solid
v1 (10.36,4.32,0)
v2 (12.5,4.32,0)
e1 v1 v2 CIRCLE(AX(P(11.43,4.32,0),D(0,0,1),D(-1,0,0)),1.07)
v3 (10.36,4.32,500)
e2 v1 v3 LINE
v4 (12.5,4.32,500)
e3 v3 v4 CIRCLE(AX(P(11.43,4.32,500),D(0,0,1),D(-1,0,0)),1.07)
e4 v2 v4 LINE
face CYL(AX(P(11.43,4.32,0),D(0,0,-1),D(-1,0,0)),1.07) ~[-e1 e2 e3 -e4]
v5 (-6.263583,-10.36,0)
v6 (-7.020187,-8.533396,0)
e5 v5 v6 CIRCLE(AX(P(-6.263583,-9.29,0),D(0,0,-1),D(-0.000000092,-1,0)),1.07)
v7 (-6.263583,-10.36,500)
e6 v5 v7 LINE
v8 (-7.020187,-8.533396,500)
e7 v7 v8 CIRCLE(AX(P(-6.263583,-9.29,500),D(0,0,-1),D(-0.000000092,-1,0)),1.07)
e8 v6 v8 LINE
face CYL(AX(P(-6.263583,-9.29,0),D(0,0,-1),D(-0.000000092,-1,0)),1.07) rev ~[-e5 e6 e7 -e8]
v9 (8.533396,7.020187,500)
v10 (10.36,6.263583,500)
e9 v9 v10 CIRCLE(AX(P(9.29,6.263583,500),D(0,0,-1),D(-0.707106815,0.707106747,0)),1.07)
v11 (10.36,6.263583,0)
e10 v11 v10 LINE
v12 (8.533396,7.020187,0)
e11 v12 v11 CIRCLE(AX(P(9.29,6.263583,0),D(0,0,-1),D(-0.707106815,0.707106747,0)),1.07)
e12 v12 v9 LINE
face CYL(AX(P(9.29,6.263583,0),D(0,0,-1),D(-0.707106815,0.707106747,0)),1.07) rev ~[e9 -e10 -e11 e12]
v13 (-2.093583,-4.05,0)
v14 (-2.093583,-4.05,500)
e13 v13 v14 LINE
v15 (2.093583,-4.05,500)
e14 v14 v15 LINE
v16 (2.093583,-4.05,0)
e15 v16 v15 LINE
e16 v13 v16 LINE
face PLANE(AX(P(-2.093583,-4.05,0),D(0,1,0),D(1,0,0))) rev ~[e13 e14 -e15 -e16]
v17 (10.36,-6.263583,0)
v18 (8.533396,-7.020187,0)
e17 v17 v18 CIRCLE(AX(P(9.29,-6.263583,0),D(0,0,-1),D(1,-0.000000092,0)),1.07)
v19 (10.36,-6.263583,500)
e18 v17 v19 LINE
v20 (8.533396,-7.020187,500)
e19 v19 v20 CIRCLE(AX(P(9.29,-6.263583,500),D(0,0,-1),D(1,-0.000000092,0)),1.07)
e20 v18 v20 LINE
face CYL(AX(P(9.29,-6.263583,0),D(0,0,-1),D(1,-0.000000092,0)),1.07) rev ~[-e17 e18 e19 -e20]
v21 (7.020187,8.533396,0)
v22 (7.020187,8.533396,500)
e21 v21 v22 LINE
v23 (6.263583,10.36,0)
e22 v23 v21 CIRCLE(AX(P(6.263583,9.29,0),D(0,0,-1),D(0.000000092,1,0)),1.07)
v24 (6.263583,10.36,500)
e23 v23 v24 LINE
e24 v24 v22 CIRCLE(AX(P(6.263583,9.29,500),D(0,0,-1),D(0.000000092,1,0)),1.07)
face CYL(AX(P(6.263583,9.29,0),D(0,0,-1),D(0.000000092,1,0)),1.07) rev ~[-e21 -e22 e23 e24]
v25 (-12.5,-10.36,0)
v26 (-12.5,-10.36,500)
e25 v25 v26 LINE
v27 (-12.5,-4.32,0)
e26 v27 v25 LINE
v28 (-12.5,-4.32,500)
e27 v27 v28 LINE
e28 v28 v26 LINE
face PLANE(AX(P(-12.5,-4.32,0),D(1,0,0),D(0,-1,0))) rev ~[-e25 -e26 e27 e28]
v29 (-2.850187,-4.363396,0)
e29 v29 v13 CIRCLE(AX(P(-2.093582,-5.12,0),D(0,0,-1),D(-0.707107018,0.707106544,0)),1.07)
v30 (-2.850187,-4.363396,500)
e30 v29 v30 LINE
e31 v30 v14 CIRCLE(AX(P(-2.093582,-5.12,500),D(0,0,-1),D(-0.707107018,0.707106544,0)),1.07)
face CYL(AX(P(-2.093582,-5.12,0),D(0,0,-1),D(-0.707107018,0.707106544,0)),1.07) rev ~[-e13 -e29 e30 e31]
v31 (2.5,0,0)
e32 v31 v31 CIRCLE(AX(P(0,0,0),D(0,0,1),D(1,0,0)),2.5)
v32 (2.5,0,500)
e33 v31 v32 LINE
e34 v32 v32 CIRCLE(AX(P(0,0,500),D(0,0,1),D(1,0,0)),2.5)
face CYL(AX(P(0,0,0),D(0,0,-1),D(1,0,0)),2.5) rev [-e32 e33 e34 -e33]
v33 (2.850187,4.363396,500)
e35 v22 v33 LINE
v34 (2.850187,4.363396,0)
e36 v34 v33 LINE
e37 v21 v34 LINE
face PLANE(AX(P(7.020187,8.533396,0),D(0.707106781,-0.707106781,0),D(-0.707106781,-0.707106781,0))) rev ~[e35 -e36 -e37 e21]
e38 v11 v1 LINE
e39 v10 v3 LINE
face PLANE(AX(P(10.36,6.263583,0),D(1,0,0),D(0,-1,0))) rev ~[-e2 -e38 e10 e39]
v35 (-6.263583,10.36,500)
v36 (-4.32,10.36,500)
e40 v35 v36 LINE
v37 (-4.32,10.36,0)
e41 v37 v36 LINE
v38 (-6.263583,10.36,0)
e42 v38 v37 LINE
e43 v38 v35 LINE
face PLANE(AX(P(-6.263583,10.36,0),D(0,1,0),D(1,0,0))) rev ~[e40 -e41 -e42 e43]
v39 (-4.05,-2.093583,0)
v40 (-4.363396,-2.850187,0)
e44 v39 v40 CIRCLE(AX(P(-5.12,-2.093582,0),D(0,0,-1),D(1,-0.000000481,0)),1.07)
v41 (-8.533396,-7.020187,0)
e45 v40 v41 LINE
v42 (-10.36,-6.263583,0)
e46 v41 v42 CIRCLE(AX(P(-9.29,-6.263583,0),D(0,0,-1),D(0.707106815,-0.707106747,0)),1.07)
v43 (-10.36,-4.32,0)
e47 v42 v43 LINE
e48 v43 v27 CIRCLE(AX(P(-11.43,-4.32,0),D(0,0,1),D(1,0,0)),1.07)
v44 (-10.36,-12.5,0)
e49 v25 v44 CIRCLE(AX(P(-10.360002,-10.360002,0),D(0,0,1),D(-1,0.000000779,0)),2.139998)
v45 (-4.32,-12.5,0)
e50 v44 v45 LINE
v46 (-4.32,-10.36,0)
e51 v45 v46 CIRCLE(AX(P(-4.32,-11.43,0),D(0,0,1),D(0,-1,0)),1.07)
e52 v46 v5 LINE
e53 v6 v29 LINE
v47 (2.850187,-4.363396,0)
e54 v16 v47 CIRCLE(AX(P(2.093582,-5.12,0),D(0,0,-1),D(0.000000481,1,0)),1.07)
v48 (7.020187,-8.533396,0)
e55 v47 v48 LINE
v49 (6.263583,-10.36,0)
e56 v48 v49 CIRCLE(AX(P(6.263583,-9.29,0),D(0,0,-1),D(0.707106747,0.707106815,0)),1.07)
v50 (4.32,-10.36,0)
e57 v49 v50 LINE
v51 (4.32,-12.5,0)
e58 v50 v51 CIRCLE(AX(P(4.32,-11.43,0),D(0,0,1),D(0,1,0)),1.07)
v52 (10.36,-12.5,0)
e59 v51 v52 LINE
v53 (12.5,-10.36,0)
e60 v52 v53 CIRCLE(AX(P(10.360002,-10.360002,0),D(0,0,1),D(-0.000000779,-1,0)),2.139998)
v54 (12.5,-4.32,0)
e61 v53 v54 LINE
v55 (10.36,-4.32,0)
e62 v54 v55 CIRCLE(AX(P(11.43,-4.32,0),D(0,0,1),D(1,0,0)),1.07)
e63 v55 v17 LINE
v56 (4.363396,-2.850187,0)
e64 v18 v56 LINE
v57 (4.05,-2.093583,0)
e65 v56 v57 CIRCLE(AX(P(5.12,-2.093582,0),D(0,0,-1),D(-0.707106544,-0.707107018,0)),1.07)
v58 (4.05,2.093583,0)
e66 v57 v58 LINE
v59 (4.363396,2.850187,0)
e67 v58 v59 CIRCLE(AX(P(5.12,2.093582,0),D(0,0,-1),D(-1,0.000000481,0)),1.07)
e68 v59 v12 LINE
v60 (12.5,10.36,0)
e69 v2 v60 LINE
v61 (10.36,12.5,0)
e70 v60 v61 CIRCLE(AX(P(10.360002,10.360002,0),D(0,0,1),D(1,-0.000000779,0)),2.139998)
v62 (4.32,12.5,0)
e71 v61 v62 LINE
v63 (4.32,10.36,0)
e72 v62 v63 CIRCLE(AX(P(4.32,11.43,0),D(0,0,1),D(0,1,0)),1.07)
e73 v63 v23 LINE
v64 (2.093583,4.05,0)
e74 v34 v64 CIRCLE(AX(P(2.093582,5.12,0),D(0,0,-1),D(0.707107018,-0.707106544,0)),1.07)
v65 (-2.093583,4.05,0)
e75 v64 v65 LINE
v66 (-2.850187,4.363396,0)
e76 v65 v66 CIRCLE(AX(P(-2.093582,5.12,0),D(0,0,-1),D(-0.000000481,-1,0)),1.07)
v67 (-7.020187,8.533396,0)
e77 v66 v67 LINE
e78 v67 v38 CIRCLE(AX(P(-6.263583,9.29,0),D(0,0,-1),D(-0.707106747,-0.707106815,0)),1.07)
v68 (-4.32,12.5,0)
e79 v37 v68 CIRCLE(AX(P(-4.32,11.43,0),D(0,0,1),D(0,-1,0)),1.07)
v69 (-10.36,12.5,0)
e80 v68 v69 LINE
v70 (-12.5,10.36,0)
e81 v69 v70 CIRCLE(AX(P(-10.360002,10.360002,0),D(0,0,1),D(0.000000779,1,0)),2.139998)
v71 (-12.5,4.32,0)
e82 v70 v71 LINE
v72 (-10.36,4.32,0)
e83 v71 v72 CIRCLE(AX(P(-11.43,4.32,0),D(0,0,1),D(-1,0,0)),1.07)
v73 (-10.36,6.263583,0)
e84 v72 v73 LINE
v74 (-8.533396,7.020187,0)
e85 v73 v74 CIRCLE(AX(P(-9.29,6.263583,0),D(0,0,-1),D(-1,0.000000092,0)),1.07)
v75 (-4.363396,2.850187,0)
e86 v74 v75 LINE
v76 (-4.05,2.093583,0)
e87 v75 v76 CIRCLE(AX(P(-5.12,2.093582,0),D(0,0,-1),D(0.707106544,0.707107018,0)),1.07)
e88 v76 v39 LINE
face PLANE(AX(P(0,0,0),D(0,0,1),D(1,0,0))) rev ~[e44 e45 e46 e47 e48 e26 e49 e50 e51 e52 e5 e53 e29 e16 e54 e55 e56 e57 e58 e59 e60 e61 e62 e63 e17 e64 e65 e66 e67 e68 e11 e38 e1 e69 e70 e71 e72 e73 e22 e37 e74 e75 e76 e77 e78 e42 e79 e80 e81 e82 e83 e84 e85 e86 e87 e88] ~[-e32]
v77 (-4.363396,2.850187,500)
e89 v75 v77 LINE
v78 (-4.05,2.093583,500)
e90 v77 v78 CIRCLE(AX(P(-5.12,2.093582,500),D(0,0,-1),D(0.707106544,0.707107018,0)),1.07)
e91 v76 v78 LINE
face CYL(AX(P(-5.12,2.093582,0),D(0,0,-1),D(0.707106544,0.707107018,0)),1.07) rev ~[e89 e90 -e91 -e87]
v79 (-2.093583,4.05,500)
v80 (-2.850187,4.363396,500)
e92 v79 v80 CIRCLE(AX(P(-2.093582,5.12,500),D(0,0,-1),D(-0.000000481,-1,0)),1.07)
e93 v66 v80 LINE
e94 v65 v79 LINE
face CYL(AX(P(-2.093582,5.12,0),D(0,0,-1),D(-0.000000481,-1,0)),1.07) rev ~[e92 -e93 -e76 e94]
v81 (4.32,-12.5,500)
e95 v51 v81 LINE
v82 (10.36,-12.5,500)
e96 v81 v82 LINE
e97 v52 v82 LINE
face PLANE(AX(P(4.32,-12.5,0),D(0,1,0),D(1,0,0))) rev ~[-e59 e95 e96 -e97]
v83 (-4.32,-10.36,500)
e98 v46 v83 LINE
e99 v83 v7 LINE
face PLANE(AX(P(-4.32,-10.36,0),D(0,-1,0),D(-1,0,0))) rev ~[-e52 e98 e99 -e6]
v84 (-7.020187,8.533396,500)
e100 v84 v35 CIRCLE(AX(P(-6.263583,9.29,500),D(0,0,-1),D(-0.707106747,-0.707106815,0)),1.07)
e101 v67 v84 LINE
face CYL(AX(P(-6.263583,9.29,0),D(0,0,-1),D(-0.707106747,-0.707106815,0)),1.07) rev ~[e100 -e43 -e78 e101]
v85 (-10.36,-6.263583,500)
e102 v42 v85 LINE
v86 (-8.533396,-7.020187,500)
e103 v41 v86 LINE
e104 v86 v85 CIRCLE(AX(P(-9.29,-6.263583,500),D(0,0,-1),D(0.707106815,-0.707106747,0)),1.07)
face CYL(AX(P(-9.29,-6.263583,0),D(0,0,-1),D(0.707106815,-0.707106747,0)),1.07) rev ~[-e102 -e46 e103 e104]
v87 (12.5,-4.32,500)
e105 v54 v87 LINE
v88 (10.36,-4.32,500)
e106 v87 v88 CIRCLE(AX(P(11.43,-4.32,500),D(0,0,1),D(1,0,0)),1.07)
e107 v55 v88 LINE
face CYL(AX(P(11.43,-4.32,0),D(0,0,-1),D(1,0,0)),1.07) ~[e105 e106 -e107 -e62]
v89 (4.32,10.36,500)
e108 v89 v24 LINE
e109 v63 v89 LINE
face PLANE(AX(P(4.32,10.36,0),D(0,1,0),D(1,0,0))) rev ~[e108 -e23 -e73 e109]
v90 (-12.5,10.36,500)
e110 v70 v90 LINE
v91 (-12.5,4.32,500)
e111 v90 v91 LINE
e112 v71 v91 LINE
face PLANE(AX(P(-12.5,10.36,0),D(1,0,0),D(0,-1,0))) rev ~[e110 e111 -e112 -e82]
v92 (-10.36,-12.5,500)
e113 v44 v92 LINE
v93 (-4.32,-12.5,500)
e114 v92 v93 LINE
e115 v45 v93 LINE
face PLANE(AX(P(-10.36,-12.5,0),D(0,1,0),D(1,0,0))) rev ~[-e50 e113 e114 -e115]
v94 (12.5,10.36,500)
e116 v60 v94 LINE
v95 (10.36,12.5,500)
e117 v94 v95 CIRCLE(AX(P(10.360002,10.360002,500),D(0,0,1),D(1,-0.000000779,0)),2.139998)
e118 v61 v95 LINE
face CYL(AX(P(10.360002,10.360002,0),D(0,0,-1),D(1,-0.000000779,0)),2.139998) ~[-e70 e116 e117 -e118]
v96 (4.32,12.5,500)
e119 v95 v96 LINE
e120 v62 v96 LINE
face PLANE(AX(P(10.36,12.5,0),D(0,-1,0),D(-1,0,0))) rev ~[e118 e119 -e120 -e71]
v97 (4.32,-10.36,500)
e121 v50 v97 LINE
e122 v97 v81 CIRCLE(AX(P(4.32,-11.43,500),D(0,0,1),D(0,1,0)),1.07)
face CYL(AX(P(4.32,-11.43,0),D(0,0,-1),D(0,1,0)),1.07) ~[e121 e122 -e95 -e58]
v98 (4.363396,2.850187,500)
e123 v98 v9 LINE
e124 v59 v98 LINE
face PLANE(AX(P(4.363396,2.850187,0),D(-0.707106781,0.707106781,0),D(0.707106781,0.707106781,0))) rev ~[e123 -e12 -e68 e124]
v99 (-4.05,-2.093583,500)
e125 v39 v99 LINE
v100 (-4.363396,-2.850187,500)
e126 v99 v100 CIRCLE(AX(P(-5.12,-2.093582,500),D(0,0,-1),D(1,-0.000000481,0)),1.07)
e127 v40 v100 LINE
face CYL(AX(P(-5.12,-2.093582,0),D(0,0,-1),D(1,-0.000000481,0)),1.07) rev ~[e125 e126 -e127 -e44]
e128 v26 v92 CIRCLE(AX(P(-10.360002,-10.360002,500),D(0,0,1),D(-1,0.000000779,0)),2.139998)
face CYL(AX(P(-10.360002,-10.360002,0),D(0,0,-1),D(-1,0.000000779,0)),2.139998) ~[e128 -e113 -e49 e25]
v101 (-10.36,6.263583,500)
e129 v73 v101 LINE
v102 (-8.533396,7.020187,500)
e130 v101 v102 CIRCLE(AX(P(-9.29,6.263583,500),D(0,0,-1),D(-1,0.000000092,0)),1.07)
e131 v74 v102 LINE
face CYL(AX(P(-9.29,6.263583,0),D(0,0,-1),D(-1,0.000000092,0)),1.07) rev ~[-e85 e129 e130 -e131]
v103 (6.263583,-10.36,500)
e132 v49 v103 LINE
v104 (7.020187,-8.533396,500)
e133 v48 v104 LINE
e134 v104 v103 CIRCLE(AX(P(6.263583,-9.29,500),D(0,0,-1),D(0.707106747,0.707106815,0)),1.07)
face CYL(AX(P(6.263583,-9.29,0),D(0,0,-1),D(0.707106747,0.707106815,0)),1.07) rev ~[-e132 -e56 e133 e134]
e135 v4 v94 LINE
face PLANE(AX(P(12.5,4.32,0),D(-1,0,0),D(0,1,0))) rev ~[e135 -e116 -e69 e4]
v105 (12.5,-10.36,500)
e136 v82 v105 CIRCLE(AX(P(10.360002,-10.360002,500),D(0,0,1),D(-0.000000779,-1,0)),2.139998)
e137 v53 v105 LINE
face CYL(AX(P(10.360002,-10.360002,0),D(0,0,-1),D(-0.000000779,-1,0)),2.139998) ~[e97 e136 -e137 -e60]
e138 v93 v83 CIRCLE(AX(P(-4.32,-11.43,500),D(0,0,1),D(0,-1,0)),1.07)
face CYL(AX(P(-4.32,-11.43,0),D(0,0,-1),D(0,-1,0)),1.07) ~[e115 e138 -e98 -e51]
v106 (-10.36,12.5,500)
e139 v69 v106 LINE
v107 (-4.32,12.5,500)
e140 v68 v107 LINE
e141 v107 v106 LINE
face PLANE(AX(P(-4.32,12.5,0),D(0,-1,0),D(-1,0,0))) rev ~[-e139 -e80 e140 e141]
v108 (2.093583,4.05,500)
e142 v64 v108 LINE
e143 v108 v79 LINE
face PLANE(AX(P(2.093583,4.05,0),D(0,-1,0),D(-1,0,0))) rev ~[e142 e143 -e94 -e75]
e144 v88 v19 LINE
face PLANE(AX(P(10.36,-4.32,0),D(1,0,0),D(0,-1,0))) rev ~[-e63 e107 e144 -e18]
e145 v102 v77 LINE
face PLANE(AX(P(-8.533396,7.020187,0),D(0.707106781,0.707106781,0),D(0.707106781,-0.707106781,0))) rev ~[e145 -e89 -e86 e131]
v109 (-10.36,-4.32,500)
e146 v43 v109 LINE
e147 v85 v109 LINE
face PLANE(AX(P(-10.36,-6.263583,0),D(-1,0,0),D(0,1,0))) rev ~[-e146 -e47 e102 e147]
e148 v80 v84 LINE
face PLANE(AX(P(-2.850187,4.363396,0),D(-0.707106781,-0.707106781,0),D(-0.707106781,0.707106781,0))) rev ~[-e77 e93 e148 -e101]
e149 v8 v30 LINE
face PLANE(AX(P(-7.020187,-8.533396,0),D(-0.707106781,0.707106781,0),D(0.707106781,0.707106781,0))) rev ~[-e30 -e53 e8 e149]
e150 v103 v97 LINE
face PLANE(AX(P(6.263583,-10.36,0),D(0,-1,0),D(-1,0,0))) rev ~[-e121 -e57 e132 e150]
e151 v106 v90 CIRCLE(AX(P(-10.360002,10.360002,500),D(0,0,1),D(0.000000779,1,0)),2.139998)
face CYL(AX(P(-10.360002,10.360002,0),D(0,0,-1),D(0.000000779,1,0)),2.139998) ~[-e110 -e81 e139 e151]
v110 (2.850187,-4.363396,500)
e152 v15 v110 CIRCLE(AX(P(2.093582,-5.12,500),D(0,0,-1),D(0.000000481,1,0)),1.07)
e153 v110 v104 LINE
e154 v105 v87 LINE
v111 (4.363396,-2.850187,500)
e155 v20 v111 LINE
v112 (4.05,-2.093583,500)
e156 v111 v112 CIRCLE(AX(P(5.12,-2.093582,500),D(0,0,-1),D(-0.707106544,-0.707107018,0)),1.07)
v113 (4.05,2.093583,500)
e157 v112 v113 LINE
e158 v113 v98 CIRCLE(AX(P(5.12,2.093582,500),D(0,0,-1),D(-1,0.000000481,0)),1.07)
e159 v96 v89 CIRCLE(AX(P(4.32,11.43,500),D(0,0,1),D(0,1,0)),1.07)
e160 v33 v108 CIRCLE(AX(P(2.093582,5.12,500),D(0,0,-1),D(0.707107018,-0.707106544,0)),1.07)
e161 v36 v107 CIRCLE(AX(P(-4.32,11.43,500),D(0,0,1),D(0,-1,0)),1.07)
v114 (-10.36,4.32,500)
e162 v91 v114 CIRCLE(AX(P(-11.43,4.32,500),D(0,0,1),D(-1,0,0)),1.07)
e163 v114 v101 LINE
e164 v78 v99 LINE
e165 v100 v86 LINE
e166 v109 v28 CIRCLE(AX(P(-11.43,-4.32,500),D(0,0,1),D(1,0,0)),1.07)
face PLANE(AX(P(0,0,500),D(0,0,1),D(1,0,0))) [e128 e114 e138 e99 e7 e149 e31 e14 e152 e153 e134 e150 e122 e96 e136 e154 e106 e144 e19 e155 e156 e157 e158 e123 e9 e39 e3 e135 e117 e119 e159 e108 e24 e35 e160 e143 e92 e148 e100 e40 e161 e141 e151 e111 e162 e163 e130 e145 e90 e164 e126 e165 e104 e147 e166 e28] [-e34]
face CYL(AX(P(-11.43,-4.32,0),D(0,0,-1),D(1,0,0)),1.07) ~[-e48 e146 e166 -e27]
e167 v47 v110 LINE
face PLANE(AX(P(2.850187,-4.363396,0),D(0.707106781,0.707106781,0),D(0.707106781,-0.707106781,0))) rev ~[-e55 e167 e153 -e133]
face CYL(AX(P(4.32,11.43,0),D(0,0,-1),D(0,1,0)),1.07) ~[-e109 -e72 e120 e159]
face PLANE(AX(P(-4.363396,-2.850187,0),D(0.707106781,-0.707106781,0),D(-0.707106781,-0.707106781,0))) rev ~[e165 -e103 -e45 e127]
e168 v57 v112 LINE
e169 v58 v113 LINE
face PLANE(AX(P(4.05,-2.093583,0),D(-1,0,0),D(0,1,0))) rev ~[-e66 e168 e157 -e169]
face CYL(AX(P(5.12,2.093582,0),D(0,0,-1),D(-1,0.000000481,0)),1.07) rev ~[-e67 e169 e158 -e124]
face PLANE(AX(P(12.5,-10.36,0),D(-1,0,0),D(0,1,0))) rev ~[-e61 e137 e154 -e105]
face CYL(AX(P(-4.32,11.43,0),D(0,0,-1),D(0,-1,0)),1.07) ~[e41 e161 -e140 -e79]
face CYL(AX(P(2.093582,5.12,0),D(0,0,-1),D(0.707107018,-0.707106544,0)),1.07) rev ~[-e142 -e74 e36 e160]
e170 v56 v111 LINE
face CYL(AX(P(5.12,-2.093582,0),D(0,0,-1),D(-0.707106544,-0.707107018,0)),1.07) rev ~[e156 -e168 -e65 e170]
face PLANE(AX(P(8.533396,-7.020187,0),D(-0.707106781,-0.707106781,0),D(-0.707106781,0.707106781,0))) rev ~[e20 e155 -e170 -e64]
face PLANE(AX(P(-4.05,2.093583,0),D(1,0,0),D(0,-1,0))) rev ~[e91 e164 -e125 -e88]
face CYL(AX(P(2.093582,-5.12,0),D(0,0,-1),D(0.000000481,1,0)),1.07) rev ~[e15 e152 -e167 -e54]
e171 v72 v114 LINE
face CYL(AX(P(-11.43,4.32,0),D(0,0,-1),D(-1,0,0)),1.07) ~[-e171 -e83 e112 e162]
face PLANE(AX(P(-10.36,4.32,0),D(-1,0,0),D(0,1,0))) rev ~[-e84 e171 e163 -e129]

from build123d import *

# Parameters (mm, degrees)
F0_R     = 2.5
F1_DEPTH = 500


with BuildPart() as f1:
    # F0 (on Top) → F1 (new body)
    with BuildSketch(Plane.XY):
        with BuildLine():
            ThreePointArc((-10.36, 12.5), (-11.873209, 11.873209), (-12.5, 10.36))
            Line((-12.5, 10.36), (-12.5, 4.32))
            ThreePointArc((-12.5, 4.32), (-11.43, 3.25), (-10.36, 4.32))
            Line((-10.36, 4.32), (-10.36, 6.263583))
            ThreePointArc((-10.36, 6.263583), (-9.699471, 7.252134), (-8.533396, 7.020187))
            Line((-8.533396, 7.020187), (-4.363396, 2.850187))
            ThreePointArc((-4.363396, 2.850187), (-4.131449, 2.503054), (-4.05, 2.093583))
            Line((-4.05, 2.093583), (-4.05, 0))
            Line((-4.05, 0), (-4.05, -2.093583))
            ThreePointArc((-4.05, -2.093583), (-4.131449, -2.503054), (-4.363396, -2.850187))
            Line((-4.363396, -2.850187), (-8.533396, -7.020187))
            ThreePointArc((-8.533396, -7.020187), (-9.699471, -7.252134), (-10.36, -6.263583))
            Line((-10.36, -6.263583), (-10.36, -4.32))
            ThreePointArc((-10.36, -4.32), (-11.43, -3.25), (-12.5, -4.32))
            Line((-12.5, -4.32), (-12.5, -10.36))
            ThreePointArc((-12.5, -10.36), (-11.873209, -11.873209), (-10.36, -12.5))
            Line((-10.36, -12.5), (-4.32, -12.5))
            ThreePointArc((-4.32, -12.5), (-3.25, -11.43), (-4.32, -10.36))
            Line((-4.32, -10.36), (-6.263583, -10.36))
            ThreePointArc((-6.263583, -10.36), (-7.252134, -9.699471), (-7.020187, -8.533396))
            Line((-7.020187, -8.533396), (-2.850187, -4.363396))
            ThreePointArc((-2.850187, -4.363396), (-2.503054, -4.131449), (-2.093583, -4.05))
            Line((-2.093583, -4.05), (0, -4.05))
            Line((0, -4.05), (2.093583, -4.05))
            ThreePointArc((2.093583, -4.05), (2.503054, -4.131449), (2.850187, -4.363396))
            Line((2.850187, -4.363396), (7.020187, -8.533396))
            ThreePointArc((7.020187, -8.533396), (7.252134, -9.699471), (6.263583, -10.36))
            Line((6.263583, -10.36), (4.32, -10.36))
            ThreePointArc((4.32, -10.36), (3.25, -11.43), (4.32, -12.5))
            Line((4.32, -12.5), (10.36, -12.5))
            ThreePointArc((10.36, -12.5), (11.873209, -11.873209), (12.5, -10.36))
            Line((12.5, -10.36), (12.5, -4.32))
            ThreePointArc((12.5, -4.32), (11.43, -3.25), (10.36, -4.32))
            Line((10.36, -4.32), (10.36, -6.263583))
            ThreePointArc((10.36, -6.263583), (9.699471, -7.252134), (8.533396, -7.020187))
            Line((8.533396, -7.020187), (4.363396, -2.850187))
            ThreePointArc((4.363396, -2.850187), (4.131449, -2.503054), (4.05, -2.093583))
            Line((4.05, -2.093583), (4.05, 0))
            Line((4.05, 0), (4.05, 2.093583))
            ThreePointArc((4.05, 2.093583), (4.131449, 2.503054), (4.363396, 2.850187))
            Line((4.363396, 2.850187), (8.533396, 7.020187))
            ThreePointArc((8.533396, 7.020187), (9.699471, 7.252134), (10.36, 6.263583))
            Line((10.36, 6.263583), (10.36, 4.32))
            ThreePointArc((10.36, 4.32), (11.43, 3.25), (12.5, 4.32))
            Line((12.5, 4.32), (12.5, 10.36))
            ThreePointArc((12.5, 10.36), (11.873209, 11.873209), (10.36, 12.5))
            Line((10.36, 12.5), (4.32, 12.5))
            ThreePointArc((4.32, 12.5), (3.25, 11.43), (4.32, 10.36))
            Line((4.32, 10.36), (6.263583, 10.36))
            ThreePointArc((6.263583, 10.36), (7.252134, 9.699471), (7.020187, 8.533396))
            Line((7.020187, 8.533396), (2.850187, 4.363396))
            ThreePointArc((2.850187, 4.363396), (2.503054, 4.131449), (2.093583, 4.05))
            Line((2.093583, 4.05), (0, 4.05))
            Line((0, 4.05), (-2.093583, 4.05))
            ThreePointArc((-2.093583, 4.05), (-2.503054, 4.131449), (-2.850187, 4.363396))
            Line((-2.850187, 4.363396), (-7.020187, 8.533396))
            ThreePointArc((-7.020187, 8.533396), (-7.252134, 9.699471), (-6.263583, 10.36))
            Line((-6.263583, 10.36), (-4.32, 10.36))
            ThreePointArc((-4.32, 10.36), (-3.25, 11.43), (-4.32, 12.5))
            Line((-4.32, 12.5), (-10.36, 12.5))
        make_face()
        Circle(F0_R, mode=Mode.SUBTRACT)
    extrude(amount=F1_DEPTH)


solid = f1.part
